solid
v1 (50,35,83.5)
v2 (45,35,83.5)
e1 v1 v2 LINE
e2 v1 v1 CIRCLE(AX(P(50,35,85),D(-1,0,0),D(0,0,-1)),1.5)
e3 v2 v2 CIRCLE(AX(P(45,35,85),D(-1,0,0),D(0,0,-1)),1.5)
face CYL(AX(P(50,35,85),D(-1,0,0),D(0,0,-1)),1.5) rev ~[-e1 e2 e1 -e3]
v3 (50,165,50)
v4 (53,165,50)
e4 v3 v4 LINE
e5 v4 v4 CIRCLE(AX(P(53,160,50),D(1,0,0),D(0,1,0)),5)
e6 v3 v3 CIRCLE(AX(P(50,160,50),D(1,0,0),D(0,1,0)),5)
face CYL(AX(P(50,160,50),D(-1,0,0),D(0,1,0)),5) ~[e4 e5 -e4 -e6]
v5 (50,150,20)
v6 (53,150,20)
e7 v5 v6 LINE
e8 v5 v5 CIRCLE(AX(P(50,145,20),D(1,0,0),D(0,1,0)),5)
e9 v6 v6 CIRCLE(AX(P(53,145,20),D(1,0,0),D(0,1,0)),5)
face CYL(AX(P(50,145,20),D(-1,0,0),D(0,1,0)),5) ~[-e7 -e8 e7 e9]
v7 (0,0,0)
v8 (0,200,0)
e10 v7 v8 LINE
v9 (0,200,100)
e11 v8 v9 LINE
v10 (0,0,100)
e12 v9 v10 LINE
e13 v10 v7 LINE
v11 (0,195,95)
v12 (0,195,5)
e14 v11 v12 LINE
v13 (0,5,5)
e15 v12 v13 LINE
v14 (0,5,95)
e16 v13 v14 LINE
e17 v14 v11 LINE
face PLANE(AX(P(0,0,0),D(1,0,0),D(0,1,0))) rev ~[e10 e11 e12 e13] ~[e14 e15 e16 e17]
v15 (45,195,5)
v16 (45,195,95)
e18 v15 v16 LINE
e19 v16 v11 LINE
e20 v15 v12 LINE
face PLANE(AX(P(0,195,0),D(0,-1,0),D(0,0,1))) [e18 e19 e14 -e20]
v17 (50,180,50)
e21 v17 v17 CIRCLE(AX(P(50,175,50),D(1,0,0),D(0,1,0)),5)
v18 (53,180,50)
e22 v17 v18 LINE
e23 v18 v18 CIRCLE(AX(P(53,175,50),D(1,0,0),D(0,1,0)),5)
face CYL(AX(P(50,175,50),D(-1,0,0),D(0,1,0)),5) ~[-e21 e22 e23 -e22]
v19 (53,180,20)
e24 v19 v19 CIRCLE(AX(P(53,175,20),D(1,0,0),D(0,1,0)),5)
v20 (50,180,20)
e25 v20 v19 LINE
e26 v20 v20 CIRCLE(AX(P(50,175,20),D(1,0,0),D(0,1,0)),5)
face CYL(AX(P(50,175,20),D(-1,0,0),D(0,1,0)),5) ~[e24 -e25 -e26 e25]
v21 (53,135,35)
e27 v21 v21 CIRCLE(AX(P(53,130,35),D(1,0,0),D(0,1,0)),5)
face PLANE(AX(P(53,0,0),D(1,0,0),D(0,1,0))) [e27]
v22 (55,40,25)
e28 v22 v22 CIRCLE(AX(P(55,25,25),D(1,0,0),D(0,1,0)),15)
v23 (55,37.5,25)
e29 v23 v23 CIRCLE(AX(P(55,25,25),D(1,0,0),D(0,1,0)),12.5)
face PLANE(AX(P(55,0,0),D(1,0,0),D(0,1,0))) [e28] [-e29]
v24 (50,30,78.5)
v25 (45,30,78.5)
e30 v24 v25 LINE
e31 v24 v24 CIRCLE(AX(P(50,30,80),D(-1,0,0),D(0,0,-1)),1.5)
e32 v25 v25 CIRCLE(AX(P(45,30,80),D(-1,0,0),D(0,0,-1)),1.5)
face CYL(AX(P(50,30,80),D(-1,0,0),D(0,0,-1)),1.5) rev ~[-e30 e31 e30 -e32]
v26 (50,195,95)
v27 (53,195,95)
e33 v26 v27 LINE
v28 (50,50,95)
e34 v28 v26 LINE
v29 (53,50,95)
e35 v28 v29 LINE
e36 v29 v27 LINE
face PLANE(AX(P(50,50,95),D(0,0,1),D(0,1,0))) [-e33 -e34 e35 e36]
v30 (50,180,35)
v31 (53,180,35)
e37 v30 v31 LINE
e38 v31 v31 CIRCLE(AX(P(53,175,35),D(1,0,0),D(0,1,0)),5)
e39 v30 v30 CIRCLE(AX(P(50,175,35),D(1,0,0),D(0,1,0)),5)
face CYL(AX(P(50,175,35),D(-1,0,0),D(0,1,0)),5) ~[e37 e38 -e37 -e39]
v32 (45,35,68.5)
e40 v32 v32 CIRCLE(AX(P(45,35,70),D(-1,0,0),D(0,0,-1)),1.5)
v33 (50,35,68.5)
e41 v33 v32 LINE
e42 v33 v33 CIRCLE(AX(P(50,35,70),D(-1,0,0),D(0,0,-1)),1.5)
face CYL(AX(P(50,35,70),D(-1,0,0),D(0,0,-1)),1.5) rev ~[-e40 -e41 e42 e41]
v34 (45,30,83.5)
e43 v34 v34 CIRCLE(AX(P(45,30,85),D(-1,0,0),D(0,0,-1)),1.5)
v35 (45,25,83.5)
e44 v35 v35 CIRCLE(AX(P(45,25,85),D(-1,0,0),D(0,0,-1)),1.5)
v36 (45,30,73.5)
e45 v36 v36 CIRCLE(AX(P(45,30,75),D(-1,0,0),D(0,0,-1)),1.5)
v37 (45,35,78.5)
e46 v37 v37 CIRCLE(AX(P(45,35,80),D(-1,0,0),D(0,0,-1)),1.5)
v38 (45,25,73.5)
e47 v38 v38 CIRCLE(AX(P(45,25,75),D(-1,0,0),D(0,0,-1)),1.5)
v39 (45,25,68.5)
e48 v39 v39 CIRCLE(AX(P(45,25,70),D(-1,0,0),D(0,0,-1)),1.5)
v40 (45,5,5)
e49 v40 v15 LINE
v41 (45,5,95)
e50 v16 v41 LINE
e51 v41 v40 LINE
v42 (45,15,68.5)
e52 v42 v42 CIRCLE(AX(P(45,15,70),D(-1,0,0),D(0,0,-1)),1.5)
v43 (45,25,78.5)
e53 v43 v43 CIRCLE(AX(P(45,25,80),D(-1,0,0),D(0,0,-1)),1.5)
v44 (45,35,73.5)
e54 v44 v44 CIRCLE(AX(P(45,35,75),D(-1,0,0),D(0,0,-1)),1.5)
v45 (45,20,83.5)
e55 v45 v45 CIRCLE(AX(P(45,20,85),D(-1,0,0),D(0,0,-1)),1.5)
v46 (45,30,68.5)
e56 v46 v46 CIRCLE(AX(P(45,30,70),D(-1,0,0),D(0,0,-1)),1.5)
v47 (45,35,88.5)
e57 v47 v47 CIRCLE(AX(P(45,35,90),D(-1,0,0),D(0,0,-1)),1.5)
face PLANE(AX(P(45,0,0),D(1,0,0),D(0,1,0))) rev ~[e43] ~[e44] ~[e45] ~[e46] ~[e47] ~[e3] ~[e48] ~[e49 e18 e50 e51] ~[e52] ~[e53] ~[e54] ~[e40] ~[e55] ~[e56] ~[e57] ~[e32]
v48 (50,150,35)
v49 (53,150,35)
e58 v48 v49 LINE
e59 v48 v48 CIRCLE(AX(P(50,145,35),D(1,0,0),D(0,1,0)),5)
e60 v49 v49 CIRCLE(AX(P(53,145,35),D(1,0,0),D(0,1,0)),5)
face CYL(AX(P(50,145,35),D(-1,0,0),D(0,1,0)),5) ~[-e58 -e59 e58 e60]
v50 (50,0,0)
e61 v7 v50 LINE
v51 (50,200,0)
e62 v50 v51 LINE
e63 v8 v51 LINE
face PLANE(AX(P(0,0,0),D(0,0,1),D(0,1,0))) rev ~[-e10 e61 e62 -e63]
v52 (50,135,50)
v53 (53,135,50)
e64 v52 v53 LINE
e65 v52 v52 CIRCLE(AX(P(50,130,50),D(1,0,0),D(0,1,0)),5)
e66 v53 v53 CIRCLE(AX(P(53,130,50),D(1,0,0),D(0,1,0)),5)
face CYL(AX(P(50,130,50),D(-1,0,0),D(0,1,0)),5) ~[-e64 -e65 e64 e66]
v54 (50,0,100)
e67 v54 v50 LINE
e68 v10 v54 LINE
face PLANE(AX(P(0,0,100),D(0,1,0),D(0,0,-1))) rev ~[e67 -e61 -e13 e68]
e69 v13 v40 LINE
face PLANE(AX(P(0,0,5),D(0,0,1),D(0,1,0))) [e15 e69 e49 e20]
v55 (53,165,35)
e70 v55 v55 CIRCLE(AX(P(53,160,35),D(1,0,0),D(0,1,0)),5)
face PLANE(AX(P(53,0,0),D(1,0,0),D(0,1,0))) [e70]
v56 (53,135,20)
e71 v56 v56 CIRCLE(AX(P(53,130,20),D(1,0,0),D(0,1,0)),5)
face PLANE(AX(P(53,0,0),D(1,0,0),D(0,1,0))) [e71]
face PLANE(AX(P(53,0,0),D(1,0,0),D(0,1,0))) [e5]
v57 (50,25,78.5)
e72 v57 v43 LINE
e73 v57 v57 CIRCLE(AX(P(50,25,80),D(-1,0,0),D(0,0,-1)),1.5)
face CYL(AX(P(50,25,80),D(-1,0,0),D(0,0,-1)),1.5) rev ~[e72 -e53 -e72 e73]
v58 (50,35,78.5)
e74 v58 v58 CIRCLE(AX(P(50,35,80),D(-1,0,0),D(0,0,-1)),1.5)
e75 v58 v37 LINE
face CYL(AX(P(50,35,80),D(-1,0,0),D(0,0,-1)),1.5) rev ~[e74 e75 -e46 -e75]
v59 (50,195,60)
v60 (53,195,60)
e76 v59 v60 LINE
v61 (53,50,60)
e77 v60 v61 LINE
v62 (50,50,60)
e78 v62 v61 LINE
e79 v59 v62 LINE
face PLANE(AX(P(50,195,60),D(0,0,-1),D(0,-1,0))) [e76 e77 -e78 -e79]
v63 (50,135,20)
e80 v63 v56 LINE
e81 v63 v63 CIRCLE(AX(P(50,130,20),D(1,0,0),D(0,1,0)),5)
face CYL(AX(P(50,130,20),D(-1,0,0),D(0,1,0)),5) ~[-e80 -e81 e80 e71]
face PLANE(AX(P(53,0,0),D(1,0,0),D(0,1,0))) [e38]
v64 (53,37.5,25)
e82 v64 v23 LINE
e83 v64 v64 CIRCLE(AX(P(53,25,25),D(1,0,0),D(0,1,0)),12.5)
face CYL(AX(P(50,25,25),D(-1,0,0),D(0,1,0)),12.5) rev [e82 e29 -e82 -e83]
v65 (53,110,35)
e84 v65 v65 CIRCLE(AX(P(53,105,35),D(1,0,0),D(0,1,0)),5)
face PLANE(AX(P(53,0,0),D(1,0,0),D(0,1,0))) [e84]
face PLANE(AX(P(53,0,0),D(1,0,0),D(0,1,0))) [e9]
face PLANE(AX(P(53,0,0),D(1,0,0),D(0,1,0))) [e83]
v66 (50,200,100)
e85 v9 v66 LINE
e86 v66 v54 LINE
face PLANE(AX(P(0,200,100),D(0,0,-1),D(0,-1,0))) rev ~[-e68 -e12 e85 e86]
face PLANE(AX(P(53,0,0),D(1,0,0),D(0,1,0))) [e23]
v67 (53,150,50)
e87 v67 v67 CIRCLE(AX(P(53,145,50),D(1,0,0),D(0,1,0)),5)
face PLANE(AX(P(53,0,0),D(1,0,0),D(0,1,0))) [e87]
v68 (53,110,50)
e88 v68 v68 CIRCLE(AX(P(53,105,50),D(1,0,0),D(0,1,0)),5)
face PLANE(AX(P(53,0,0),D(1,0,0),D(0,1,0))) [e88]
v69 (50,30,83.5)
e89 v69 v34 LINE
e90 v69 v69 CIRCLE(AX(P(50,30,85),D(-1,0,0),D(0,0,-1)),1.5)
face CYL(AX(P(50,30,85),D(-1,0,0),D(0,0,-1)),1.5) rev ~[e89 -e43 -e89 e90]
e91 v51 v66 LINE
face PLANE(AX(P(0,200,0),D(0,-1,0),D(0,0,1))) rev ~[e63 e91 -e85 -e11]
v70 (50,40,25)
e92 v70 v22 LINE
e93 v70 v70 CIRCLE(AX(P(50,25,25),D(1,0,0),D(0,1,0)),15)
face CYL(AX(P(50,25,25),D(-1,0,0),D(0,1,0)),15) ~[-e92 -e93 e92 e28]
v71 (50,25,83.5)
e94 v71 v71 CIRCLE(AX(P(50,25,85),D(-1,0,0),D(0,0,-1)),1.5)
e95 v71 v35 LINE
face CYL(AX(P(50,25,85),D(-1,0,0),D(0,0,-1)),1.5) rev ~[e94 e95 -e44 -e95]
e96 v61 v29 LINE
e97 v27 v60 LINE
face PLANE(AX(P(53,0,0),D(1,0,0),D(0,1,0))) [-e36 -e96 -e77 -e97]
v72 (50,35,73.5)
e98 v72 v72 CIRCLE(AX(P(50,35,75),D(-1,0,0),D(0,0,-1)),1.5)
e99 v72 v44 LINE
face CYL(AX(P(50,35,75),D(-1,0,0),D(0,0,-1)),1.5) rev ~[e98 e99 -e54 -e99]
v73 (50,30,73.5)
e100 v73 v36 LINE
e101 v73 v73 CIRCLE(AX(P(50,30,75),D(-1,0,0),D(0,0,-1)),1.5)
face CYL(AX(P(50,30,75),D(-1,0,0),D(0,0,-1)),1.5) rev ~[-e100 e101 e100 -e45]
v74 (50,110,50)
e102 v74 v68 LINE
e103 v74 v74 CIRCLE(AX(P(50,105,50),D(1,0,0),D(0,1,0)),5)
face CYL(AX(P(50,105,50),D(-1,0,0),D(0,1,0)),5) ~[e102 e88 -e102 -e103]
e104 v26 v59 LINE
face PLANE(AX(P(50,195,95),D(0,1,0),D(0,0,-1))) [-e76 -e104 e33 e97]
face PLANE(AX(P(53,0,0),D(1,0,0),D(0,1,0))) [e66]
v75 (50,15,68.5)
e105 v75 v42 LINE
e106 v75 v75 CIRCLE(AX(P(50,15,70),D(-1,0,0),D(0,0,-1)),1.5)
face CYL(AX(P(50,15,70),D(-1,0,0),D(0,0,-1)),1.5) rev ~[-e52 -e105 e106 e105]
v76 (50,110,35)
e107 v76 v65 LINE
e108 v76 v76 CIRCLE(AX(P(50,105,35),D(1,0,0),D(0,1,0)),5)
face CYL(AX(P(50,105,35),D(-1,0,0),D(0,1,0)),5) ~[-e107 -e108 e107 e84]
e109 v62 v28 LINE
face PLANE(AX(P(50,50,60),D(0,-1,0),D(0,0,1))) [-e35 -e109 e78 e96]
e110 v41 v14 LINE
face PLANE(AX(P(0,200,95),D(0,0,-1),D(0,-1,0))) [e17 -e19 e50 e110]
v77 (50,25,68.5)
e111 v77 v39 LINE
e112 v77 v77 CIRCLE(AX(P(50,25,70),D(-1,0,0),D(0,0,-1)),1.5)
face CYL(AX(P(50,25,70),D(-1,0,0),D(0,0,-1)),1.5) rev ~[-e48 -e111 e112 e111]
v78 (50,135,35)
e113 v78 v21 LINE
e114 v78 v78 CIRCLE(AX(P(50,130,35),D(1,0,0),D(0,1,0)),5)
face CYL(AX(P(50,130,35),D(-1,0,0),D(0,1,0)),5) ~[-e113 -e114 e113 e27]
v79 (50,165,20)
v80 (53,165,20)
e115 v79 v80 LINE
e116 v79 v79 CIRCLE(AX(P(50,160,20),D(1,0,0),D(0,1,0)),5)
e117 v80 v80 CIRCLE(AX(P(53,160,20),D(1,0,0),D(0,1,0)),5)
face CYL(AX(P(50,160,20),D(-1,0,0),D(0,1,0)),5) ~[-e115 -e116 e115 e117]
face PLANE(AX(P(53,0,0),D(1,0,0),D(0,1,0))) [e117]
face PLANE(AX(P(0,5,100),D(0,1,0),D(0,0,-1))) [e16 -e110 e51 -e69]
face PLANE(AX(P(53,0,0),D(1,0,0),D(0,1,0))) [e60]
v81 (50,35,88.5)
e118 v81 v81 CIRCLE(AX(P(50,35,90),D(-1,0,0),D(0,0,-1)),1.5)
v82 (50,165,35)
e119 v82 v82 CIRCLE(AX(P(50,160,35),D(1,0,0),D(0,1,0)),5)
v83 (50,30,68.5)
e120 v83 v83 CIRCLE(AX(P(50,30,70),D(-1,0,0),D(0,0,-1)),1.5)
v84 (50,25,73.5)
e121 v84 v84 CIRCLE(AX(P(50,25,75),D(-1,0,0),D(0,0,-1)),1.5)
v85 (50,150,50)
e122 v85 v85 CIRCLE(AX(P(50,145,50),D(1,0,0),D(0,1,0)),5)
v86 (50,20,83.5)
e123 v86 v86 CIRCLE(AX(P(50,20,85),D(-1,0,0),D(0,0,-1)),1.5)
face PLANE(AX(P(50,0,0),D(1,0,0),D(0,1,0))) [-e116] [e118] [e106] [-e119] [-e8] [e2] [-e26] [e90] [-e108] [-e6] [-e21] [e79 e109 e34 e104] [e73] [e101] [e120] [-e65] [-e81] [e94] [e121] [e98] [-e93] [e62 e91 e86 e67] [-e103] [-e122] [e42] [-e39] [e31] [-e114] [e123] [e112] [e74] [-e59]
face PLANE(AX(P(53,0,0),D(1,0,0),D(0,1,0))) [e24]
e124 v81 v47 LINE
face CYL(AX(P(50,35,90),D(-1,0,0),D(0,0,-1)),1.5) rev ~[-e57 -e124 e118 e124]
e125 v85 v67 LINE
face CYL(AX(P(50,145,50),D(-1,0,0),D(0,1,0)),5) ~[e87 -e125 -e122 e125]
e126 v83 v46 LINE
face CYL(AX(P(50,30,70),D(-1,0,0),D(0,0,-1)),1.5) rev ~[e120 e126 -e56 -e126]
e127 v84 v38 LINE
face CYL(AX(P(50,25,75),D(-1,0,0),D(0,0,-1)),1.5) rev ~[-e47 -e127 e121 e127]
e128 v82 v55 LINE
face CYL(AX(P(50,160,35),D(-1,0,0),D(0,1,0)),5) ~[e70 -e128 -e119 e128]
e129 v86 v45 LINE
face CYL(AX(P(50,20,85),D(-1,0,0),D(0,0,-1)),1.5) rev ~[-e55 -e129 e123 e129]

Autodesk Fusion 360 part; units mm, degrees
sketch "Sketch1" plane through (0, 0, 0) normal (1, 0, 0) x (0, 1, 0)
  line L0 (0, 0) -> (200, 0)
  line L1 (200, 0) -> (200, 100)
  line L2 (200, 100) -> (0, 100)
  line L3 (0, 100) -> (0, 0)
extrude "Extrude1" add sketch "Sketch1" along normal blind 50
sketch "Sketch2" plane through (50, 0, 0) normal (1, 0, 0) x (0, 1, 0)
  line L0 (0, 100) -> (0, 0)
  line L1 (0, 0) -> (200, 0)
  line L2 (200, 0) -> (200, 100)
  line L3 (200, 100) -> (0, 100)
shell "Shell1" thickness 5 removed faces 1 at (0, 66.6667, 66.6667)
sketch "Sketch3" plane through (50, 0, 0) normal (1, 0, 0) x (0, 1, 0)
  circle A0 centre (175, 50) radius 5
  line L0 (50, 60) -> (50, 95)
  line L1 (200, 0) -> (200, 100)
  circle A1 centre (130, 20) radius 5
  circle A2 centre (175, 20) radius 5
  circle A3 centre (25, 25) radius 15
  line L2 (195, 95) -> (195, 60)
  circle A4 centre (145, 20) radius 5
  circle A5 centre (145, 35) radius 5
  circle A6 centre (160, 50) radius 5
  circle A7 centre (105, 35) radius 5
  line L3 (0, 0) -> (200, 0)
  circle A8 centre (130, 50) radius 5
  line L4 (200, 100) -> (0, 100)
  line L5 (195, 60) -> (50, 60)
  circle A9 centre (160, 20) radius 5
  circle A10 centre (130, 35) radius 5
  circle A11 centre (105, 50) radius 5
  circle A12 centre (160, 35) radius 5
  circle A13 centre (175, 35) radius 5
  circle A14 centre (145, 50) radius 5
  line L6 (50, 95) -> (195, 95)
  line L7 (0, 100) -> (0, 0)
  circle A15 centre (25, 25) radius 12.5
  point P0 (30, 85)
  point P1 (30, 70)
  point P2 (30, 90)
  point P3 (15, 85)
  point P4 (25, 90)
  point P5 (30, 75)
  point P6 (15, 70)
  point P7 (35, 85)
  point P8 (20, 85)
  point P9 (20, 80)
  point P10 (15, 80)
  point P11 (35, 80)
  point P12 (25, 85)
  point P13 (15, 75)
  point P14 (20, 75)
  point P15 (35, 90)
  point P16 (20, 90)
  point P17 (25, 75)
  point P18 (35, 75)
  point P19 (30, 80)
  point P20 (15, 90)
  point P21 (25, 80)
  point P22 (25, 70)
  point P23 (20, 70)
  point P24 (35, 70)
  dimension "d8" = 10
  dimension "d9" = 10
  dimension "d10" = 10
  dimension "d11" = 30
  dimension "d21" = 25
hole "Hole1" at (50, 35, 90) at (0, 0, 0) at (0, 0, 0) at (0, 0, 0) at (0, 0, 0) at (0, 0, 0) at (0, 0, 0) at (0, 0, 0) at (50, 15, 70) at (0, 0, 0) at (0, 0, 0) at (0, 0, 0) at (50, 25, 85) at (50, 20, 85) at (50, 25, 80) at (50, 25, 75) at (50, 25, 70) at (50, 30, 70) at (50, 30, 75) at (50, 30, 80) at (50, 30, 85) at (50, 35, 85) at (50, 35, 80) at (50, 35, 75) at (50, 35, 70) direction (-1, 0, 0) diameter 3 depth 5 tip angle 180
extrude "Extrude2" add sketch "Sketch3" along normal blind 3 contours L0 L2 L5 L6
extrude "Extrude3" add sketch "Sketch3" along normal blind 3 contours A11
extrude "Extrude4" add sketch "Sketch3" along normal blind 3 contours A0 | A1 | A2 | A4 | A5 | A6 | A7 | A8 | A9 | A10 | A12 | A13 | A14
extrude "Extrude5" add sketch "Sketch3" along normal blind 5 contours A3
extrude "Extrude6" add sketch "Sketch3" along normal blind 3 contours A15
